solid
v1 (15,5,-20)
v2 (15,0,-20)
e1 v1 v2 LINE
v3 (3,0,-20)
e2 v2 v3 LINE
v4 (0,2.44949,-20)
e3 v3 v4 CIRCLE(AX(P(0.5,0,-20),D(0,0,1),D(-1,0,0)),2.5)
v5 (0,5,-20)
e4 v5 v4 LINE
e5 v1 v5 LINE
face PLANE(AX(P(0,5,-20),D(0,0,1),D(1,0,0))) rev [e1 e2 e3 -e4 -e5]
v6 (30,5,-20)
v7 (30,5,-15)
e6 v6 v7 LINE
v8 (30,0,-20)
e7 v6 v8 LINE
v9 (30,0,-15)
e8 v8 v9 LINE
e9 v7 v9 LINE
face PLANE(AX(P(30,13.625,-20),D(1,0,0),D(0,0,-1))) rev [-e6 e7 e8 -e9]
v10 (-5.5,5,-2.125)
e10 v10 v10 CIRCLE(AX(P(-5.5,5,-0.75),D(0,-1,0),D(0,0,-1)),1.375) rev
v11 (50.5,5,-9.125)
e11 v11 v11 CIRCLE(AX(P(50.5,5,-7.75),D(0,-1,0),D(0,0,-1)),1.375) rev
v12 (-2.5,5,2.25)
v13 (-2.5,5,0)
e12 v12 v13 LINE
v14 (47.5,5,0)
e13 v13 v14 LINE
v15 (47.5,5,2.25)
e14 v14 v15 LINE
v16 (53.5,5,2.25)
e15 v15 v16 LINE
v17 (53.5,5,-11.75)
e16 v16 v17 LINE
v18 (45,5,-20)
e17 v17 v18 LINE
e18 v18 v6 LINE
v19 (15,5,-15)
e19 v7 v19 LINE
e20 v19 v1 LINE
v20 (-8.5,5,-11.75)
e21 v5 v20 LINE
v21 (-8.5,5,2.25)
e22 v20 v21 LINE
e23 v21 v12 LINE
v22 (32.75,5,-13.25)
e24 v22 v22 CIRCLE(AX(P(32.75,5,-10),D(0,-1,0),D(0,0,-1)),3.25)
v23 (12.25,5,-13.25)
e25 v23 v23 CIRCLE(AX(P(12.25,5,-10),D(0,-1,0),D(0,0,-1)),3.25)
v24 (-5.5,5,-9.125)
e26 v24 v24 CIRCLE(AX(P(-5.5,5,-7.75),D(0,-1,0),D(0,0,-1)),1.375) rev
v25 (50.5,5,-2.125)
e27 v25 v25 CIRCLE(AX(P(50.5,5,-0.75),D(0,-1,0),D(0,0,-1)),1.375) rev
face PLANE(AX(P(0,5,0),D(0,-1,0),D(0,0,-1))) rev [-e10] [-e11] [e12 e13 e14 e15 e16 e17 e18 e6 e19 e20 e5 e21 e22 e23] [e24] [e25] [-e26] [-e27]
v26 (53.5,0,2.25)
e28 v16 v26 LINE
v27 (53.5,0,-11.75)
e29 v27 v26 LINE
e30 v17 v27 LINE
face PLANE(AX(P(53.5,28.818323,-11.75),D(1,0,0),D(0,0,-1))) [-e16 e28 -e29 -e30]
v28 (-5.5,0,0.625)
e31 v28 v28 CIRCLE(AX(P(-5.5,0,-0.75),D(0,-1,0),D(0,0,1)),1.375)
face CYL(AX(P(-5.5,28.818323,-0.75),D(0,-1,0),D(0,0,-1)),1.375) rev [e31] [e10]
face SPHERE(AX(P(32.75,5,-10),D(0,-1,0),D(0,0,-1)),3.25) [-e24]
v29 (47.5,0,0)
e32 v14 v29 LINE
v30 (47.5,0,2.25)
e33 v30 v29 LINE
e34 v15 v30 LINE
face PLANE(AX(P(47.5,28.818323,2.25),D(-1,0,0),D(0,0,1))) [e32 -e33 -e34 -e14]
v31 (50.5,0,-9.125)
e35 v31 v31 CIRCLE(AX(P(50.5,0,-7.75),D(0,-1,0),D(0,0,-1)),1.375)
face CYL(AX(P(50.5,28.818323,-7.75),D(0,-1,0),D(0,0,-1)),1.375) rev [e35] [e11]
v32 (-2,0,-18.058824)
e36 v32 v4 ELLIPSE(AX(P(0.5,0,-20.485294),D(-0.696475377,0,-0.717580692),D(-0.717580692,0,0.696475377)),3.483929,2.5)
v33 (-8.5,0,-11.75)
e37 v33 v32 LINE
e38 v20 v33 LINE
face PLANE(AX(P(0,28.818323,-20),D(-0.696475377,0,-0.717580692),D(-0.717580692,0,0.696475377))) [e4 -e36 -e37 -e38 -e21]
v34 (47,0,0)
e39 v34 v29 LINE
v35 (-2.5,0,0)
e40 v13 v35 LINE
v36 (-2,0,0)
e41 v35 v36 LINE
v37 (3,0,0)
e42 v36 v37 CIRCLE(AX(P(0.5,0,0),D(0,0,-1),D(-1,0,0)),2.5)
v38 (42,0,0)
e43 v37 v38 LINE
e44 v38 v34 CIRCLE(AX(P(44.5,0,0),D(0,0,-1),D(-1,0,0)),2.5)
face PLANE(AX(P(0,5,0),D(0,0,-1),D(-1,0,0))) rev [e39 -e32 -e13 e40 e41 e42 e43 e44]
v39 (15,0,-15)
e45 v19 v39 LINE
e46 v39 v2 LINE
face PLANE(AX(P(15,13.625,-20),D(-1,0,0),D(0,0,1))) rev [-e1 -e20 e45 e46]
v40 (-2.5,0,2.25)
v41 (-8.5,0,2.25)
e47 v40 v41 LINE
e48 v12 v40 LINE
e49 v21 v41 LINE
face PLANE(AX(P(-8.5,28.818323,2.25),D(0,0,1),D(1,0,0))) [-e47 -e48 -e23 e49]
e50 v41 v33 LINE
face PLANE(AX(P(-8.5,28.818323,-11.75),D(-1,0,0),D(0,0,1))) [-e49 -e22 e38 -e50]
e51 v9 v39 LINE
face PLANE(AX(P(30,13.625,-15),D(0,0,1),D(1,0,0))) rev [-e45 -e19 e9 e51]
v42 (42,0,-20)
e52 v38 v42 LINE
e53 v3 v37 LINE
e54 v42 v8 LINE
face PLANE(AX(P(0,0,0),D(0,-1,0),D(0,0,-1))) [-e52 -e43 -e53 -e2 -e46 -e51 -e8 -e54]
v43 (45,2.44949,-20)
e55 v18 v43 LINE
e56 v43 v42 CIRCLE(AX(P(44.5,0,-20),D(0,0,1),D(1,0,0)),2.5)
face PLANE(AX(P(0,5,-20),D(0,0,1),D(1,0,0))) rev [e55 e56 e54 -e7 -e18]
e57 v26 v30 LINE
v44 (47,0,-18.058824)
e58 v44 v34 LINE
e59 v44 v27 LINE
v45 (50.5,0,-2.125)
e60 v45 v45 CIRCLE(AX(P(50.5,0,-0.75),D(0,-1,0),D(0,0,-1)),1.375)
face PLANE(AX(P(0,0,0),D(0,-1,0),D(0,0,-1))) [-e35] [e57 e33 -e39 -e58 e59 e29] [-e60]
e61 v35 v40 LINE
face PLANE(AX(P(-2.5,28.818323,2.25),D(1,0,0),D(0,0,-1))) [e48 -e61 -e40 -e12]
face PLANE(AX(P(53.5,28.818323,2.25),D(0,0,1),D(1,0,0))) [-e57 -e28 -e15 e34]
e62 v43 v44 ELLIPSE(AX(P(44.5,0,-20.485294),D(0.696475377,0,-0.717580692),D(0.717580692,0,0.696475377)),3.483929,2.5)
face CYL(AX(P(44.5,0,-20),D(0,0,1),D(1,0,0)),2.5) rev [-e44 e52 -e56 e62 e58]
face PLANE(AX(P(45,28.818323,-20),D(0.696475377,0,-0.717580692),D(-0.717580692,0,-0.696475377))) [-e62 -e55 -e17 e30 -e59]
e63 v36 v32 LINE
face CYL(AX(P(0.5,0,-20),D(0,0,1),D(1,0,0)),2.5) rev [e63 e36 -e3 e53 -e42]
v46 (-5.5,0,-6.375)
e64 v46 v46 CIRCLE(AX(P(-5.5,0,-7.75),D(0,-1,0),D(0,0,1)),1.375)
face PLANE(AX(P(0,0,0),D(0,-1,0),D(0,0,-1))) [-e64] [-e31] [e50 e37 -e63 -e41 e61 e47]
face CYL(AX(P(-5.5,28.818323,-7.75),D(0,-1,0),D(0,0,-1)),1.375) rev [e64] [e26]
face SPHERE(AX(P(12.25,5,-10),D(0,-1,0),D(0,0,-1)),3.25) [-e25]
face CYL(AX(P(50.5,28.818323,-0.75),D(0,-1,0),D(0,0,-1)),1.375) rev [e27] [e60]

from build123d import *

# Parameters (mm, degrees)
SKETCH1_W               = 45
SKETCH1_H               = 20
BRACKETBASE_DEPTH       = 5
SKETCH3_R               = 1.375
MOUNTINGTABS_DEPTH      = 5
SKETCH4_W               = 15
SKETCH4_H               = 5
HEADERSLOT_DEPTH        = 13.625
SKETCH6_R               = 2.5
CUT_EXTRUDE1_DEPTH      = 3.25
CUT_EXTRUDE1_DEPTH_BACK = 21


with BuildPart() as part:
    # Sketch1 → bracketBase (new body)
    with BuildSketch(Plane(origin=(0, 0, 0), x_dir=(1, 0, 0), z_dir=(0, 1, 0))):
        with Locations((22.5, 10)):
            Rectangle(SKETCH1_W, SKETCH1_H)
    extrude(amount=BRACKETBASE_DEPTH)

    # Sketch2 → ballPoint1 (revolve)
    with BuildSketch(Plane(origin=(0, 5, 0), x_dir=(1, 0, 0), z_dir=(0, 1, 0))):
        with BuildLine():
            Line((12.25, 13.25), (12.25, 6.75))
            ThreePointArc((12.25, 6.75), (9, 10), (12.25, 13.25))
        make_face()
    ballpoint1 = revolve(axis=Axis((12.25, 5, -13.25), (0, 0, 1)))

    # Mirror1: ballPoint1 across plane
    add(ballpoint1.mirror(Plane.ZY.offset(-22.5)))

    # Sketch3 → mountingTabs (add)
    with BuildSketch(Plane.XZ):
        Polygon((45, -20), (53.5, -11.75), (53.5, 2.25), (47.5, 2.25), (47.5, 0), (45, 0), align=None)
        with Locations((50.5, -0.75)):
            Circle(SKETCH3_R, mode=Mode.SUBTRACT)
        with Locations((50.5, -7.75)):
            Circle(SKETCH3_R, mode=Mode.SUBTRACT)
        Polygon((-2.5, 0), (0, 0), (0, -20), (-8.5, -11.75), (-8.5, 2.25), (-2.5, 2.25), align=None)
        with Locations((-5.5, -0.75)):
            Circle(SKETCH3_R, mode=Mode.SUBTRACT)
        with Locations((-5.5, -7.75)):
            Circle(SKETCH3_R, mode=Mode.SUBTRACT)
    extrude(amount=-MOUNTINGTABS_DEPTH)

    # Sketch4 → headerSlot (cut)
    with BuildSketch(Plane.XZ):
        with Locations((22.5, -17.5)):
            Rectangle(SKETCH4_W, SKETCH4_H)
    extrude(amount=-HEADERSLOT_DEPTH, mode=Mode.SUBTRACT)

    # Sketch6 → Cut-Extrude1 (cut, two sides)
    with BuildSketch(Plane.XY) as cut_extrude1_sk:
        with Locations((44.5, 0)):
            Circle(SKETCH6_R)
        with Locations((0.5, 0)):
            Circle(SKETCH6_R)
    extrude(amount=CUT_EXTRUDE1_DEPTH, mode=Mode.SUBTRACT)
    extrude(cut_extrude1_sk.sketch, amount=-CUT_EXTRUDE1_DEPTH_BACK, mode=Mode.SUBTRACT)


solid = part.part
